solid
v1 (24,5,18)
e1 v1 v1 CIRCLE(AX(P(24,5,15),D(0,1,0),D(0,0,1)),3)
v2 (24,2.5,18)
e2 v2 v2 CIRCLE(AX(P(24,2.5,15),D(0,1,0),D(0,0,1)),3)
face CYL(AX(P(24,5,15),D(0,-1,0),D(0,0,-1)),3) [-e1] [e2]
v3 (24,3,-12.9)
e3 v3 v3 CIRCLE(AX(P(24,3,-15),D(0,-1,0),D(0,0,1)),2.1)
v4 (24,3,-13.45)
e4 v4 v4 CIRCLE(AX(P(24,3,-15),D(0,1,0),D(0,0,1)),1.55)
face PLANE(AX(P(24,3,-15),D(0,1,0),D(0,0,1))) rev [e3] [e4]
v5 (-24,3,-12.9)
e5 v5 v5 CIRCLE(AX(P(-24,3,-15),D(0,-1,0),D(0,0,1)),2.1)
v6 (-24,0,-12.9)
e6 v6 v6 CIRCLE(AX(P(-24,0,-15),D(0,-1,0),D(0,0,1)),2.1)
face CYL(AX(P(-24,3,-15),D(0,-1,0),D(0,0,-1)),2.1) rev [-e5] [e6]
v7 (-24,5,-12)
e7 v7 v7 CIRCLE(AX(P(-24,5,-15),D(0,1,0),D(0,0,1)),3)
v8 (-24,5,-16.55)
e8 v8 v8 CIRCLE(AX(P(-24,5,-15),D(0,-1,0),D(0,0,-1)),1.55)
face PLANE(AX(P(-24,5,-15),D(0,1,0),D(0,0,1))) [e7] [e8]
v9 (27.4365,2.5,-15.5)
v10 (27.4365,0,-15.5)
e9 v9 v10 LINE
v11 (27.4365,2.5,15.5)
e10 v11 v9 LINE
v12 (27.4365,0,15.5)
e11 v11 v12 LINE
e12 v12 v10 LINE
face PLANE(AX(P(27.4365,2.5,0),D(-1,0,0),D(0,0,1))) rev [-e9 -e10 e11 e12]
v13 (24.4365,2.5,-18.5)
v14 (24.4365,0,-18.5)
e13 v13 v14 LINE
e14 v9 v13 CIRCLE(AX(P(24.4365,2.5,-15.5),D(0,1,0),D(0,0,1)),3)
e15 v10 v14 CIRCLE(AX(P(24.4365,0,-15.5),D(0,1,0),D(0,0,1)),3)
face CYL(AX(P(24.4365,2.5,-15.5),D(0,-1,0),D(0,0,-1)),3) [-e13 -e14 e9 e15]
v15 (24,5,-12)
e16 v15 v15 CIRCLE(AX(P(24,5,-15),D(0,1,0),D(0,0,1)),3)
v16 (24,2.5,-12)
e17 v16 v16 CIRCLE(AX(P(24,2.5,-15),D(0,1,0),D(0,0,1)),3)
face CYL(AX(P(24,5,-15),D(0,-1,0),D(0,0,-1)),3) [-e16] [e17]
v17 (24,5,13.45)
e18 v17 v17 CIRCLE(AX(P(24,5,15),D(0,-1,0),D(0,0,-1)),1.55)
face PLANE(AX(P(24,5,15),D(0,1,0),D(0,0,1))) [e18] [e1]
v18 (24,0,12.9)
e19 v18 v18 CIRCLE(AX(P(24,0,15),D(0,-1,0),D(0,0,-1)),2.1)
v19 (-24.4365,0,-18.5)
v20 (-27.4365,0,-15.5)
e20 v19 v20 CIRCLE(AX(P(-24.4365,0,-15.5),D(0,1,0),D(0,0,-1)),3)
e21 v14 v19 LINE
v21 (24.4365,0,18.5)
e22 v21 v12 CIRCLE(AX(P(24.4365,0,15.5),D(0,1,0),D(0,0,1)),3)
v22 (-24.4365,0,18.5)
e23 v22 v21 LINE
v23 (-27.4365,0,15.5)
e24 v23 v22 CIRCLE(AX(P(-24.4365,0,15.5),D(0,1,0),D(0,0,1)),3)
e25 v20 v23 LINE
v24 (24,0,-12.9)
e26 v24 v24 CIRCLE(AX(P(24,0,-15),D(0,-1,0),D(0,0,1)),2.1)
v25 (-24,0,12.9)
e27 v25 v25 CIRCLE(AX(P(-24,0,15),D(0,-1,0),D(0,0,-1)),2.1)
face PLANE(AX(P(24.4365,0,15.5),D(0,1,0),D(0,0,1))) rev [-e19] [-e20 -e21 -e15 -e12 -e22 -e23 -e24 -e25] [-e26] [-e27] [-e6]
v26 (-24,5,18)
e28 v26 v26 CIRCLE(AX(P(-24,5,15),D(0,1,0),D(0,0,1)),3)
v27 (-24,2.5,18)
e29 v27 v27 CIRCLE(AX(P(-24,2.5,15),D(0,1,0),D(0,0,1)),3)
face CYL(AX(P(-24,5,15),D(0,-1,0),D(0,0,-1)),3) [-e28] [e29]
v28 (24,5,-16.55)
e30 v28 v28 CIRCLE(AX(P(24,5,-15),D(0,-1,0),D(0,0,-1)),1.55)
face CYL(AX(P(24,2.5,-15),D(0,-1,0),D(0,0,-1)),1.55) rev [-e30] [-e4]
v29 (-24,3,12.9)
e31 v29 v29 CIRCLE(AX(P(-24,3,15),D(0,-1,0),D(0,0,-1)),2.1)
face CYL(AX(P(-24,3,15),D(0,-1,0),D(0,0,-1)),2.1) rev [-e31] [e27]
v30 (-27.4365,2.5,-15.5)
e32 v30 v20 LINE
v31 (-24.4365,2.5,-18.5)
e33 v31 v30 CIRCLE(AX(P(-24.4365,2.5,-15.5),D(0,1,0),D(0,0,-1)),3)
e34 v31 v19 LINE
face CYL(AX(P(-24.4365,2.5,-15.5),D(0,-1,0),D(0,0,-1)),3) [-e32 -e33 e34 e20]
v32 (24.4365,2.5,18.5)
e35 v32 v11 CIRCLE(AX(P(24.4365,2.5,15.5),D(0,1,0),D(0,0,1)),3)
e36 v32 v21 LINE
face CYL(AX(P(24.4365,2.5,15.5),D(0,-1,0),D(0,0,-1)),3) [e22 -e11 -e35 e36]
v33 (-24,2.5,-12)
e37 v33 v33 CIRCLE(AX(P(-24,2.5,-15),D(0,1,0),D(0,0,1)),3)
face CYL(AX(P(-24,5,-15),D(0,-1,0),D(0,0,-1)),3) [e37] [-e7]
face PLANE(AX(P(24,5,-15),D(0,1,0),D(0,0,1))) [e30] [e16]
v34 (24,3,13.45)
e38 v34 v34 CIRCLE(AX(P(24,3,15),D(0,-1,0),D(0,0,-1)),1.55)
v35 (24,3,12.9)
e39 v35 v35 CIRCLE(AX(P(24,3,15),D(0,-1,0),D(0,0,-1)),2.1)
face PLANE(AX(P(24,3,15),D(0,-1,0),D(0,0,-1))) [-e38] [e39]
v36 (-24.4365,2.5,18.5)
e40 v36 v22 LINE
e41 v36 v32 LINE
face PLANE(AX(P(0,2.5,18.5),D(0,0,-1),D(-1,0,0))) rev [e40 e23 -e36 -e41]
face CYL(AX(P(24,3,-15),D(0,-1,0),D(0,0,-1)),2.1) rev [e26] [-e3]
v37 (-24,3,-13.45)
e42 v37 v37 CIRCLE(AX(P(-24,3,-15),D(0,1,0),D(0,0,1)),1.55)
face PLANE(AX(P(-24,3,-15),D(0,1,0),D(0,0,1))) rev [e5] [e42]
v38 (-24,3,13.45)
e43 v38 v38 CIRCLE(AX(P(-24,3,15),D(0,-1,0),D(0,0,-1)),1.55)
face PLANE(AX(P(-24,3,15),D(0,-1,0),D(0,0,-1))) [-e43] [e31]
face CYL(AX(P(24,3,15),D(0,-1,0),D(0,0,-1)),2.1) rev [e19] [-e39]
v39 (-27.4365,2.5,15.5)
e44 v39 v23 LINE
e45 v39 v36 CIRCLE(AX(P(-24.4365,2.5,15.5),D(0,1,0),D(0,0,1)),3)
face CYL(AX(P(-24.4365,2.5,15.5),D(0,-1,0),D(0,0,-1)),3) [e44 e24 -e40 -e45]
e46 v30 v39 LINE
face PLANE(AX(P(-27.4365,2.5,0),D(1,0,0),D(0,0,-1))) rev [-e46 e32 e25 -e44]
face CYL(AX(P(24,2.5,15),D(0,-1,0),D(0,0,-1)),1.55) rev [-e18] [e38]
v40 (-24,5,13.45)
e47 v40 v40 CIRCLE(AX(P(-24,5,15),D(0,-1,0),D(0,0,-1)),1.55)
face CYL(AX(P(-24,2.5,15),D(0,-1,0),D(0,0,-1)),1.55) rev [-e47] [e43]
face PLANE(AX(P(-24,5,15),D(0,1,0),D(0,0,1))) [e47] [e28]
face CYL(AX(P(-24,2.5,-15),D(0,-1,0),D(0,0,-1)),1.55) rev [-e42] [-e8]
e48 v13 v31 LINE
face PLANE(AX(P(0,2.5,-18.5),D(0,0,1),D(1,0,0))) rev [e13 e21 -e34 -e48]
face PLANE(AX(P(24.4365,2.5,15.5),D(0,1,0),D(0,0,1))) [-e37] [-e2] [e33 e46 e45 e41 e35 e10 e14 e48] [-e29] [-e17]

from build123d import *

# Parameters (mm, degrees)
SKETCH_1_R          = 1.55
EXTRUDE_1_DEPTH     = 2.5
SKETCH_2_R          = 3
EXTRUDE_2_DEPTH     = 2.5
SKETCH_3_R          = 1.55
CUT_EXTRUDE_1_DEPTH = 34.466573357
SKETCH_4_R          = 2.1
CUT_EXTRUDE_2_DEPTH = 3


with BuildPart() as part:
    # 草图1 → 凸台-拉伸1 (new body)
    with BuildSketch(Plane(origin=(0, 0, 0), x_dir=(1, 0, 0), z_dir=(0, 1, 0))):
        with BuildLine():
            Line((-27.4365, 0), (-27.4365, 15.5))
            ThreePointArc((-27.4365, 15.5), (-26.557820344, 17.621320344), (-24.4365, 18.5))
            Line((-24.4365, 18.5), (0, 18.5))
            Line((0, 18.5), (24.4365, 18.5))
            ThreePointArc((24.4365, 18.5), (26.557820344, 17.621320344), (27.4365, 15.5))
            Line((27.4365, 15.5), (27.4365, 0))
            Line((27.4365, 0), (27.4365, -15.5))
            ThreePointArc((27.4365, -15.5), (26.557820344, -17.621320344), (24.4365, -18.5))
            Line((24.4365, -18.5), (0, -18.5))
            Line((0, -18.5), (-24.4365, -18.5))
            ThreePointArc((-24.4365, -18.5), (-26.557820344, -17.621320344), (-27.4365, -15.5))
            Line((-27.4365, -15.5), (-27.4365, 0))
        make_face()
        with Locations((-24, 15)):
            Circle(SKETCH_1_R, mode=Mode.SUBTRACT)
        with Locations((24, 15)):
            Circle(SKETCH_1_R, mode=Mode.SUBTRACT)
        with Locations((24, -15)):
            Circle(SKETCH_1_R, mode=Mode.SUBTRACT)
        with Locations((-24, -15)):
            Circle(SKETCH_1_R, mode=Mode.SUBTRACT)
    extrude(amount=EXTRUDE_1_DEPTH)

    # 草图2 → 凸台-拉伸2 (add)
    with BuildSketch(Plane(origin=(0, 2.5, 0), x_dir=(1, 0, 0), z_dir=(0, 1, 0))):
        with Locations((-24, 15)):
            Circle(SKETCH_2_R)
        with Locations((24, 15)):
            Circle(SKETCH_2_R)
        with Locations((-24, -15)):
            Circle(SKETCH_2_R)
        with Locations((24, -15)):
            Circle(SKETCH_2_R)
    extrude(amount=EXTRUDE_2_DEPTH)

    # 草图3 → 切除-拉伸1 (cut, through all)
    with BuildSketch(Plane.XZ):
        with Locations((-24, 15)):
            Circle(SKETCH_3_R)
        with Locations((24, 15)):
            Circle(SKETCH_3_R)
        with Locations((-24, -15)):
            Circle(SKETCH_3_R)
        with Locations((24, -15)):
            Circle(SKETCH_3_R)
    extrude(amount=-CUT_EXTRUDE_1_DEPTH, mode=Mode.SUBTRACT)

    # 草图4 → 切除-拉伸2 (cut)
    with BuildSketch(Plane(origin=(0, 0, 0), x_dir=(-1, 0, 0), z_dir=(0, -1, 0))):
        with Locations((24, -15)):
            Circle(SKETCH_4_R)
        with Locations((-24, -15)):
            Circle(SKETCH_4_R)
        with Locations((-24, 15)):
            Circle(SKETCH_4_R)
        with Locations((24, 15)):
            Circle(SKETCH_4_R)
    extrude(amount=-CUT_EXTRUDE_2_DEPTH, mode=Mode.SUBTRACT)


solid = part.part
